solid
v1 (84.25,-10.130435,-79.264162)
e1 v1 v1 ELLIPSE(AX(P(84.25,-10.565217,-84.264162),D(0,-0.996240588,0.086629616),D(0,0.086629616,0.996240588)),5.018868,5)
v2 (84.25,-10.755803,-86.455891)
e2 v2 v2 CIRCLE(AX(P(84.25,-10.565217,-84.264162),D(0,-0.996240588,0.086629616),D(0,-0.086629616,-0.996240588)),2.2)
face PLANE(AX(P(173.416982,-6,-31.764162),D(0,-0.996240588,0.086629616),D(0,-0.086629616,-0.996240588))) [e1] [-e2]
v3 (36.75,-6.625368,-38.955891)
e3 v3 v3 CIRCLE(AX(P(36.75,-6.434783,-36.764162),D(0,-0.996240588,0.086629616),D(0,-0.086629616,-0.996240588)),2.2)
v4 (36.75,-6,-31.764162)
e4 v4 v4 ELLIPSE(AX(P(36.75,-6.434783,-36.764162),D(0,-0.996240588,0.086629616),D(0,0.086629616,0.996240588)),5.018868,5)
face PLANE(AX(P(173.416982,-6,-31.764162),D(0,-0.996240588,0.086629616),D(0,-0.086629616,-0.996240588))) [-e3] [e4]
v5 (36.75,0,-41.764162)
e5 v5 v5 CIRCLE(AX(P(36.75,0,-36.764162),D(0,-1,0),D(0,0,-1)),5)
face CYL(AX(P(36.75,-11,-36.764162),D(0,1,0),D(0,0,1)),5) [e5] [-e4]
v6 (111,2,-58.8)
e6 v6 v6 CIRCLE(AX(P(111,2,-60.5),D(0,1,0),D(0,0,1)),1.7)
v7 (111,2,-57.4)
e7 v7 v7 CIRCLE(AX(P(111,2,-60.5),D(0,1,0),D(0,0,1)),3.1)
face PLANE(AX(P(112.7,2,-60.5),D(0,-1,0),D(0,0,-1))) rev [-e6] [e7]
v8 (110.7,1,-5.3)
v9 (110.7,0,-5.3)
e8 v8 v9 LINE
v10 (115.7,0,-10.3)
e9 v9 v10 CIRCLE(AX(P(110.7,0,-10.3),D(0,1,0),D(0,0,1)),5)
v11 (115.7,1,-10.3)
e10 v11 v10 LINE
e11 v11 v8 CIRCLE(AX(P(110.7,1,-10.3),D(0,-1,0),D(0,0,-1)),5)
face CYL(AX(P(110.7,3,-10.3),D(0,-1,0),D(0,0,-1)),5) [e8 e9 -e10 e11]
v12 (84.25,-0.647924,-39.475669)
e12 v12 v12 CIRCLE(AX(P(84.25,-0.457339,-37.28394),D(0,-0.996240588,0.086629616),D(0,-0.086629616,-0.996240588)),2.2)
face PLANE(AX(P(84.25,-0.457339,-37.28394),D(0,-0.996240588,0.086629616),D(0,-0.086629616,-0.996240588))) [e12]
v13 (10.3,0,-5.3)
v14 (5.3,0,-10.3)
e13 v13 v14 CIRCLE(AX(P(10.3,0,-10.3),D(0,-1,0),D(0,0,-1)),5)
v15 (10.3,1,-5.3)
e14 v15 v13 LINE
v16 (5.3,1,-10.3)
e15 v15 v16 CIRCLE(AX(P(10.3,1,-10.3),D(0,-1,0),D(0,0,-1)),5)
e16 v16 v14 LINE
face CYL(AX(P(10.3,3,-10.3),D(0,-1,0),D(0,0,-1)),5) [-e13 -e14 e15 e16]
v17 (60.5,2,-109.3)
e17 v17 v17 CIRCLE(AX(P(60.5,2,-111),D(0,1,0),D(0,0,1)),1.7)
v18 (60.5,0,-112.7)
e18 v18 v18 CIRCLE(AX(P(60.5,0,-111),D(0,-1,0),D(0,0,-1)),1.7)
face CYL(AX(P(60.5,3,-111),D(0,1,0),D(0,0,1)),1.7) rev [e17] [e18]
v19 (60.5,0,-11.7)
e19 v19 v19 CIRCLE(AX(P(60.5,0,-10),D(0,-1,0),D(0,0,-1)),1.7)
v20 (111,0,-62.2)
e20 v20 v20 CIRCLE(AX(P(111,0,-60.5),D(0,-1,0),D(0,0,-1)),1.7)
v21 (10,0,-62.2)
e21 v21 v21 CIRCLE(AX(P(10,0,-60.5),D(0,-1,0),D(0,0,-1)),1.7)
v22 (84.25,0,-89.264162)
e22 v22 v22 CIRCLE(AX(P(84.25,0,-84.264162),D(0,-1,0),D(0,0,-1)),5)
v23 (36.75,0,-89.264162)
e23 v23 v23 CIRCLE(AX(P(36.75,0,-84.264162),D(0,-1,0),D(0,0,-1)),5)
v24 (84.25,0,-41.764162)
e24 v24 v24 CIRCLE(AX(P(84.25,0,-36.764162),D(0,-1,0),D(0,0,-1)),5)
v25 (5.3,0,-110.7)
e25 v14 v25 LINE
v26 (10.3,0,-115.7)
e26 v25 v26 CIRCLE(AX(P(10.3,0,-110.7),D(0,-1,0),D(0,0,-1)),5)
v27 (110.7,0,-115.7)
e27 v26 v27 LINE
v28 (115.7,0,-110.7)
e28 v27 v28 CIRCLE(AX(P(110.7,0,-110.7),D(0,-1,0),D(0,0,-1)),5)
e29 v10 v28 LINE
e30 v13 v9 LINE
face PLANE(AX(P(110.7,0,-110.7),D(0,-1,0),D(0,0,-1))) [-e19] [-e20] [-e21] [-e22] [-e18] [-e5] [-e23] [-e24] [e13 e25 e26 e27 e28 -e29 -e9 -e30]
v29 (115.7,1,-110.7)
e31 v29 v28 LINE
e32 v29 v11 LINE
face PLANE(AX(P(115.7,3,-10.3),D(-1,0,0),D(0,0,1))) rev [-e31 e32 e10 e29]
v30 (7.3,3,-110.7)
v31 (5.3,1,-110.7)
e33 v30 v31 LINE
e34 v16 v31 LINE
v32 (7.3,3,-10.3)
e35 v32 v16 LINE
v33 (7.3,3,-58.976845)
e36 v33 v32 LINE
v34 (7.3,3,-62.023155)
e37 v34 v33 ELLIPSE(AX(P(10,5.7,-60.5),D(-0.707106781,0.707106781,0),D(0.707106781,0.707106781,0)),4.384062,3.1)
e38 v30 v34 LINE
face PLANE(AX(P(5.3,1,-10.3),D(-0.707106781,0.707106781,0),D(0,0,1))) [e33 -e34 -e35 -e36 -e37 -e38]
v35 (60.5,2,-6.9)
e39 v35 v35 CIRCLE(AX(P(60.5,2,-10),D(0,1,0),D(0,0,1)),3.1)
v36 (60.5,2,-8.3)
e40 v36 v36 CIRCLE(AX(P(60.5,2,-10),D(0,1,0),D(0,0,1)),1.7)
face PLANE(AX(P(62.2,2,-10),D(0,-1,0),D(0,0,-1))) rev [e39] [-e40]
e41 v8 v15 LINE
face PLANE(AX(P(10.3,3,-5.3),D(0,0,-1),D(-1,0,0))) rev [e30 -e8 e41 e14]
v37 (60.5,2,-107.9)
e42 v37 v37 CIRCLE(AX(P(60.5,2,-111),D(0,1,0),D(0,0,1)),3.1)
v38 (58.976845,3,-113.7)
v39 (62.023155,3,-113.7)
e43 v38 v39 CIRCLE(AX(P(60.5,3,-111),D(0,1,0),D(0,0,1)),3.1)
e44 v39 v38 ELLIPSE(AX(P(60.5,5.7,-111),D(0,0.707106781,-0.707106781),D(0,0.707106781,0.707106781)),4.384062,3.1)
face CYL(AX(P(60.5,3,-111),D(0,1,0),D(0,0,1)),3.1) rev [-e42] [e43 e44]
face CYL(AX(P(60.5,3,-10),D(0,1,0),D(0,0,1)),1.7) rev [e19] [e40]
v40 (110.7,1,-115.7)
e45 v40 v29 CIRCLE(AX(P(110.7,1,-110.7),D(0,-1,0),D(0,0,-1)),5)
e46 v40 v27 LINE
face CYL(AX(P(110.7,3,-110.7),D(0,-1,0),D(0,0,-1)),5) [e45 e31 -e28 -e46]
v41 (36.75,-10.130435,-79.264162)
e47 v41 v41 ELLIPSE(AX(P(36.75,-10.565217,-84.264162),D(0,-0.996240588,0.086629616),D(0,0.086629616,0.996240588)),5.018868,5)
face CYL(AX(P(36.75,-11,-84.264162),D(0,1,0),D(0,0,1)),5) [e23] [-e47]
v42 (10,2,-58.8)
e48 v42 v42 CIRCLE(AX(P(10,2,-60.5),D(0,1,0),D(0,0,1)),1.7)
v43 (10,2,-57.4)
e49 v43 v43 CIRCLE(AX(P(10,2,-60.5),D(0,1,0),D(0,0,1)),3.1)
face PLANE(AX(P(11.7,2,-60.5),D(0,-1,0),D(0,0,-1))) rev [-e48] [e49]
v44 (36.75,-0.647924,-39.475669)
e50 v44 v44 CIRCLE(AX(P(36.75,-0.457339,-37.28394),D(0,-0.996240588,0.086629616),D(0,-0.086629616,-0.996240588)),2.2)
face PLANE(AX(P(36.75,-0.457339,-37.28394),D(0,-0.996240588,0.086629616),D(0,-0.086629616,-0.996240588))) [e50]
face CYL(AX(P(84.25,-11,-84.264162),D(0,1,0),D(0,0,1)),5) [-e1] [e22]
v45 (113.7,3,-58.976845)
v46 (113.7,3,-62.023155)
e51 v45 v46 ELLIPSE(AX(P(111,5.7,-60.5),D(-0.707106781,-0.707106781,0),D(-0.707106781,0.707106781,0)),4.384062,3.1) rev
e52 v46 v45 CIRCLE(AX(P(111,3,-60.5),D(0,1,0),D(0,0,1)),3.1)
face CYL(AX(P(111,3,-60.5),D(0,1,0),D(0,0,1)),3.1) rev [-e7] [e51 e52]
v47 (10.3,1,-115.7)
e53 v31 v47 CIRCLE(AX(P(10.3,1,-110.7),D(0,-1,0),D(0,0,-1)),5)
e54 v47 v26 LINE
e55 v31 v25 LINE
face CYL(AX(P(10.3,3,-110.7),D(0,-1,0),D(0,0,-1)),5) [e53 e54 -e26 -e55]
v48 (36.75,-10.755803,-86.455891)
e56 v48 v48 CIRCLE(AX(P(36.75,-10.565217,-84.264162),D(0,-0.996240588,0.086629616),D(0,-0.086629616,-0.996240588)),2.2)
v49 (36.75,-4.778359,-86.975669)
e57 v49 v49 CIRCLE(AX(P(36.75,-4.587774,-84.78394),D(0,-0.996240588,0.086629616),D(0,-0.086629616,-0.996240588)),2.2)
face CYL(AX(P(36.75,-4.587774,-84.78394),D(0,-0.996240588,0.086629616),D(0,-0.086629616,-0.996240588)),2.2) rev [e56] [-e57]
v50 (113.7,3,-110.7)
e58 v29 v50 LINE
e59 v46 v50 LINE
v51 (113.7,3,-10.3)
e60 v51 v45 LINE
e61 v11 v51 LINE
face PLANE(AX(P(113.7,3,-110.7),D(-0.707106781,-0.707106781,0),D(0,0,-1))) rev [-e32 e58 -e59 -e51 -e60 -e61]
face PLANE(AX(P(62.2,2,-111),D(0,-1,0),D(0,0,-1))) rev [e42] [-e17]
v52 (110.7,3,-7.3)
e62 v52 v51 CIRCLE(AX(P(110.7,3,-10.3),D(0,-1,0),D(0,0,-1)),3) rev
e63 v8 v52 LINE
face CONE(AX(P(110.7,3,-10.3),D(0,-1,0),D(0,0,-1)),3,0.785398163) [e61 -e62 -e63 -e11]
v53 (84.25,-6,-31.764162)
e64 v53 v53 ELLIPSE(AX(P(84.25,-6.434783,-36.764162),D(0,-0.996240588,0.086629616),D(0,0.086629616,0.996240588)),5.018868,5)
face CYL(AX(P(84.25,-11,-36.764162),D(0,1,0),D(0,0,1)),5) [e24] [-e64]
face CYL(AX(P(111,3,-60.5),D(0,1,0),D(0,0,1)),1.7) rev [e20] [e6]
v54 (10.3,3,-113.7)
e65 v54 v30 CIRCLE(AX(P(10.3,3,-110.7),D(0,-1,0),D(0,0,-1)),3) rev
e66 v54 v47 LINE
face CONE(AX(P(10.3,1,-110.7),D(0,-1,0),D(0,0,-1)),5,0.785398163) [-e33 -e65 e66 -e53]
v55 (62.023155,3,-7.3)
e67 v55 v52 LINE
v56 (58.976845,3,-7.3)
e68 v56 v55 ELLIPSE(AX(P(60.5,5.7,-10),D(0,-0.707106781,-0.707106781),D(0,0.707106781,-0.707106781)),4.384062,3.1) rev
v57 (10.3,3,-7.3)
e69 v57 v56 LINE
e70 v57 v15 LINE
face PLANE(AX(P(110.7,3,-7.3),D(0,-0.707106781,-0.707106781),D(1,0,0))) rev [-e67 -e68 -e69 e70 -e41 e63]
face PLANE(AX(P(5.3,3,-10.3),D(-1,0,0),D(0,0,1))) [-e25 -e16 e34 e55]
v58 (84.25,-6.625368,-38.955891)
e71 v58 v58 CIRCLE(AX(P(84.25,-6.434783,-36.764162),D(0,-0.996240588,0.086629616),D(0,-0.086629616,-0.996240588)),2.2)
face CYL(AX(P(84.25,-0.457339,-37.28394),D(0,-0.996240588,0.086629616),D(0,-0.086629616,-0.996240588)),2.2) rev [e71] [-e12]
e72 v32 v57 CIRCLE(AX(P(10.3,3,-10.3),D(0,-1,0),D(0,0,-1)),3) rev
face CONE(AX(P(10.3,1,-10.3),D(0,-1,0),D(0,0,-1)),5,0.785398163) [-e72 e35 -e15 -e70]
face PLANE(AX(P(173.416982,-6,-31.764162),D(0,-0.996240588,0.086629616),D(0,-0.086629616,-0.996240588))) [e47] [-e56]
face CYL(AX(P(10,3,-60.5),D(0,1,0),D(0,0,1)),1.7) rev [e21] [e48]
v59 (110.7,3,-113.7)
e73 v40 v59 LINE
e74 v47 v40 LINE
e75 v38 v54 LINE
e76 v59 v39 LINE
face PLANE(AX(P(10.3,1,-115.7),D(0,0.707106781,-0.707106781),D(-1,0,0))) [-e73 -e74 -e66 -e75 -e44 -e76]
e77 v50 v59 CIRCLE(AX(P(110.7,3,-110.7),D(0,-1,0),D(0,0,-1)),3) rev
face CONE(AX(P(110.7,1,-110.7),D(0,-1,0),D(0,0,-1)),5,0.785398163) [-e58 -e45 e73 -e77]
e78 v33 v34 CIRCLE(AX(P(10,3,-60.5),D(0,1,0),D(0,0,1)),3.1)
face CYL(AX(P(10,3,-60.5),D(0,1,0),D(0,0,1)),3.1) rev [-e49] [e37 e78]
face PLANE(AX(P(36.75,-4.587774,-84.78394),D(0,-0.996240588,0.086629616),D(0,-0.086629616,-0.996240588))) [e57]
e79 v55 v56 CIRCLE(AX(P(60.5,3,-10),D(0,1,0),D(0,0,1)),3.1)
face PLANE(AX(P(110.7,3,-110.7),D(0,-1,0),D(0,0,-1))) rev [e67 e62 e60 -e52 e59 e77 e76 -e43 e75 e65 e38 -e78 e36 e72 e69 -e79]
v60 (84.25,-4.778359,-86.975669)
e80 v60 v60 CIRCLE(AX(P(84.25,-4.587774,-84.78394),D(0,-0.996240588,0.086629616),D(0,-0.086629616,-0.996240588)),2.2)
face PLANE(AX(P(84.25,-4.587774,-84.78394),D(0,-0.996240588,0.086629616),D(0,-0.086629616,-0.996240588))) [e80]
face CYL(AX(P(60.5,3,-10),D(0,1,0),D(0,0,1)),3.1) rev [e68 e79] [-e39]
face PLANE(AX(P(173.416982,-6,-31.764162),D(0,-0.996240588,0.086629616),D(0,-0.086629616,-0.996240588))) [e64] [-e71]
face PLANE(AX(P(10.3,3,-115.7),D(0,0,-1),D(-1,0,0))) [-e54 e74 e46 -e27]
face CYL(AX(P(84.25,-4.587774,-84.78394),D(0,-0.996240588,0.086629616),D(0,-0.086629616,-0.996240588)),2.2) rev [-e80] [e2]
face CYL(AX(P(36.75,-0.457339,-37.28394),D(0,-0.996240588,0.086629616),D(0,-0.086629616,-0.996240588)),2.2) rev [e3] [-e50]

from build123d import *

# Parameters (mm, degrees)
BOSS_EXTRUDE1_DEPTH                                  = 3
CHAMFER1_SIZE                                        = 2
CBORE_FOR_M3_CROSS_RECESS_PAN_HEAD_SCREW_D           = 3.4
CBORE_FOR_M3_CROSS_RECESS_PAN_HEAD_SCREW_DEPTH       = 5
CBORE_FOR_M3_CROSS_RECESS_PAN_HEAD_SCREW_CBORE_D     = 6.2
CBORE_FOR_M3_CROSS_RECESS_PAN_HEAD_SCREW_CBORE_DEPTH = 1
CBORE_FOR_M3_CROSS_RECESS_PAN_HEAD_SCREW_TIP         = 1.021463052
SKETCH10_R                                           = 5
BOSS_EXTRUDE4_DEPTH                                  = 11
CUT_EXTRUDE4_REACH                                   = 165.994
SKETCH12_R                                           = 2.2
CUT_EXTRUDE5_DEPTH                                   = 6


with BuildPart() as part:
    # Sketch1 → Boss-Extrude1 (new body)
    with BuildSketch(Plane(origin=(0, 0, 0), x_dir=(1, 0, 0), z_dir=(0, 1, 0))):
        with BuildLine():
            Line((10.3, 5.3), (110.7, 5.3))
            ThreePointArc((110.7, 5.3), (114.235533906, 6.764466094), (115.7, 10.3))
            Line((115.7, 10.3), (115.7, 110.7))
            ThreePointArc((115.7, 110.7), (114.235533906, 114.235533906), (110.7, 115.7))
            Line((110.7, 115.7), (10.3, 115.7))
            ThreePointArc((10.3, 115.7), (6.764466094, 114.235533906), (5.3, 110.7))
            Line((5.3, 110.7), (5.3, 10.3))
            ThreePointArc((5.3, 10.3), (6.764466094, 6.764466094), (10.3, 5.3))
        make_face()
    extrude(amount=BOSS_EXTRUDE1_DEPTH)

    # Chamfer1
    chamfer1_edges = [part.edges().sort_by_distance(p)[0] for p in [
        (115.7, 3, -60.5),
        (114.235533906, 3, -6.764466094),
        (60.5, 3, -5.3),
        (6.764466094, 3, -6.764466094),
        (5.3, 3, -60.5),
        (6.764466094, 3, -114.235533906),
        (60.5, 3, -115.7),
        (114.235533906, 3, -114.235533906),
    ]]
    chamfer(chamfer1_edges, length=CHAMFER1_SIZE)

    # CBORE for M3 Cross Recess Pan Head Screw1
    with Locations(Plane(origin=(0, 3, 0), x_dir=(1, 0, 0), z_dir=(0, 1, 0))):
        with Locations((60.5, 111), (10, 60.5), (60.5, 10), (111, 60.5)):
            CounterBoreHole(CBORE_FOR_M3_CROSS_RECESS_PAN_HEAD_SCREW_D / 2, CBORE_FOR_M3_CROSS_RECESS_PAN_HEAD_SCREW_CBORE_D / 2, CBORE_FOR_M3_CROSS_RECESS_PAN_HEAD_SCREW_CBORE_DEPTH, depth=CBORE_FOR_M3_CROSS_RECESS_PAN_HEAD_SCREW_DEPTH)
            with Locations((0, 0, -(CBORE_FOR_M3_CROSS_RECESS_PAN_HEAD_SCREW_DEPTH + CBORE_FOR_M3_CROSS_RECESS_PAN_HEAD_SCREW_TIP / 2))):  # 118° drill point
                Cone(0, CBORE_FOR_M3_CROSS_RECESS_PAN_HEAD_SCREW_D / 2, CBORE_FOR_M3_CROSS_RECESS_PAN_HEAD_SCREW_TIP, mode=Mode.SUBTRACT)

    # Sketch10 → Boss-Extrude4 (add)
    with BuildSketch(Plane.XZ):
        with Locations(Location((36.75, -36.764162159, 0), (0, 0, 270))):
            Circle(SKETCH10_R)
        with Locations(Location((36.75, -84.264162159, 0), (0, 0, 270))):
            Circle(SKETCH10_R)
        with Locations(Location((84.25, -84.264162159, 0), (0, 0, 270))):
            Circle(SKETCH10_R)
        with Locations(Location((84.25, -36.764162159, 0), (0, 0, 270))):
            Circle(SKETCH10_R)
    extrude(amount=BOSS_EXTRUDE4_DEPTH)

    # Cut-Extrude4: up to this face of the body (flat: up to its plane)
    cut_extrude4_end = Plane(part.part.faces().sort_by_distance((115.7, 0.5, -60.5))[0])
    # Sketch11 → Cut-Extrude4 (cut, up to the picked face)
    with BuildSketch(Plane(origin=(0, 0, 0), x_dir=(0, 0, -1), z_dir=(1, 0, 0)), mode=Mode.PRIVATE) as cut_extrude4_sk1:
        Polygon((31.764162159, -11), (31.764162159, -6), (89.264162159, -11), align=None)
    cut_extrude4_tool1 = split(extrude(cut_extrude4_sk1.sketch, amount=CUT_EXTRUDE4_REACH, mode=Mode.PRIVATE), bisect_by=cut_extrude4_end, keep=Keep.BOTH, mode=Mode.PRIVATE)
    add(cut_extrude4_tool1.solids().sort_by(Axis((0, -9.333333, -50.930829), (1, 0, 0)))[0], mode=Mode.SUBTRACT)

    # Sketch12 → Cut-Extrude5 (cut)
    with BuildSketch(Plane(origin=(0, -3.213599513, 0.279443436), x_dir=(1, 0, 0), z_dir=(0, -0.9962405881956831, 0.08662961636484202))):
        with Locations(Location((84.25, -84.862639202, 0), (0, 0, 270))):
            Circle(SKETCH12_R)
        with Locations(Location((36.75, -84.862639202, 0), (0, 0, 270))):
            Circle(SKETCH12_R)
        with Locations(Location((36.75, -37.183393282, 0), (0, 0, 270))):
            Circle(SKETCH12_R)
        with Locations(Location((84.25, -37.183393282, 0), (0, 0, 270))):
            Circle(SKETCH12_R)
    extrude(amount=-CUT_EXTRUDE5_DEPTH, mode=Mode.SUBTRACT)


solid = part.part
